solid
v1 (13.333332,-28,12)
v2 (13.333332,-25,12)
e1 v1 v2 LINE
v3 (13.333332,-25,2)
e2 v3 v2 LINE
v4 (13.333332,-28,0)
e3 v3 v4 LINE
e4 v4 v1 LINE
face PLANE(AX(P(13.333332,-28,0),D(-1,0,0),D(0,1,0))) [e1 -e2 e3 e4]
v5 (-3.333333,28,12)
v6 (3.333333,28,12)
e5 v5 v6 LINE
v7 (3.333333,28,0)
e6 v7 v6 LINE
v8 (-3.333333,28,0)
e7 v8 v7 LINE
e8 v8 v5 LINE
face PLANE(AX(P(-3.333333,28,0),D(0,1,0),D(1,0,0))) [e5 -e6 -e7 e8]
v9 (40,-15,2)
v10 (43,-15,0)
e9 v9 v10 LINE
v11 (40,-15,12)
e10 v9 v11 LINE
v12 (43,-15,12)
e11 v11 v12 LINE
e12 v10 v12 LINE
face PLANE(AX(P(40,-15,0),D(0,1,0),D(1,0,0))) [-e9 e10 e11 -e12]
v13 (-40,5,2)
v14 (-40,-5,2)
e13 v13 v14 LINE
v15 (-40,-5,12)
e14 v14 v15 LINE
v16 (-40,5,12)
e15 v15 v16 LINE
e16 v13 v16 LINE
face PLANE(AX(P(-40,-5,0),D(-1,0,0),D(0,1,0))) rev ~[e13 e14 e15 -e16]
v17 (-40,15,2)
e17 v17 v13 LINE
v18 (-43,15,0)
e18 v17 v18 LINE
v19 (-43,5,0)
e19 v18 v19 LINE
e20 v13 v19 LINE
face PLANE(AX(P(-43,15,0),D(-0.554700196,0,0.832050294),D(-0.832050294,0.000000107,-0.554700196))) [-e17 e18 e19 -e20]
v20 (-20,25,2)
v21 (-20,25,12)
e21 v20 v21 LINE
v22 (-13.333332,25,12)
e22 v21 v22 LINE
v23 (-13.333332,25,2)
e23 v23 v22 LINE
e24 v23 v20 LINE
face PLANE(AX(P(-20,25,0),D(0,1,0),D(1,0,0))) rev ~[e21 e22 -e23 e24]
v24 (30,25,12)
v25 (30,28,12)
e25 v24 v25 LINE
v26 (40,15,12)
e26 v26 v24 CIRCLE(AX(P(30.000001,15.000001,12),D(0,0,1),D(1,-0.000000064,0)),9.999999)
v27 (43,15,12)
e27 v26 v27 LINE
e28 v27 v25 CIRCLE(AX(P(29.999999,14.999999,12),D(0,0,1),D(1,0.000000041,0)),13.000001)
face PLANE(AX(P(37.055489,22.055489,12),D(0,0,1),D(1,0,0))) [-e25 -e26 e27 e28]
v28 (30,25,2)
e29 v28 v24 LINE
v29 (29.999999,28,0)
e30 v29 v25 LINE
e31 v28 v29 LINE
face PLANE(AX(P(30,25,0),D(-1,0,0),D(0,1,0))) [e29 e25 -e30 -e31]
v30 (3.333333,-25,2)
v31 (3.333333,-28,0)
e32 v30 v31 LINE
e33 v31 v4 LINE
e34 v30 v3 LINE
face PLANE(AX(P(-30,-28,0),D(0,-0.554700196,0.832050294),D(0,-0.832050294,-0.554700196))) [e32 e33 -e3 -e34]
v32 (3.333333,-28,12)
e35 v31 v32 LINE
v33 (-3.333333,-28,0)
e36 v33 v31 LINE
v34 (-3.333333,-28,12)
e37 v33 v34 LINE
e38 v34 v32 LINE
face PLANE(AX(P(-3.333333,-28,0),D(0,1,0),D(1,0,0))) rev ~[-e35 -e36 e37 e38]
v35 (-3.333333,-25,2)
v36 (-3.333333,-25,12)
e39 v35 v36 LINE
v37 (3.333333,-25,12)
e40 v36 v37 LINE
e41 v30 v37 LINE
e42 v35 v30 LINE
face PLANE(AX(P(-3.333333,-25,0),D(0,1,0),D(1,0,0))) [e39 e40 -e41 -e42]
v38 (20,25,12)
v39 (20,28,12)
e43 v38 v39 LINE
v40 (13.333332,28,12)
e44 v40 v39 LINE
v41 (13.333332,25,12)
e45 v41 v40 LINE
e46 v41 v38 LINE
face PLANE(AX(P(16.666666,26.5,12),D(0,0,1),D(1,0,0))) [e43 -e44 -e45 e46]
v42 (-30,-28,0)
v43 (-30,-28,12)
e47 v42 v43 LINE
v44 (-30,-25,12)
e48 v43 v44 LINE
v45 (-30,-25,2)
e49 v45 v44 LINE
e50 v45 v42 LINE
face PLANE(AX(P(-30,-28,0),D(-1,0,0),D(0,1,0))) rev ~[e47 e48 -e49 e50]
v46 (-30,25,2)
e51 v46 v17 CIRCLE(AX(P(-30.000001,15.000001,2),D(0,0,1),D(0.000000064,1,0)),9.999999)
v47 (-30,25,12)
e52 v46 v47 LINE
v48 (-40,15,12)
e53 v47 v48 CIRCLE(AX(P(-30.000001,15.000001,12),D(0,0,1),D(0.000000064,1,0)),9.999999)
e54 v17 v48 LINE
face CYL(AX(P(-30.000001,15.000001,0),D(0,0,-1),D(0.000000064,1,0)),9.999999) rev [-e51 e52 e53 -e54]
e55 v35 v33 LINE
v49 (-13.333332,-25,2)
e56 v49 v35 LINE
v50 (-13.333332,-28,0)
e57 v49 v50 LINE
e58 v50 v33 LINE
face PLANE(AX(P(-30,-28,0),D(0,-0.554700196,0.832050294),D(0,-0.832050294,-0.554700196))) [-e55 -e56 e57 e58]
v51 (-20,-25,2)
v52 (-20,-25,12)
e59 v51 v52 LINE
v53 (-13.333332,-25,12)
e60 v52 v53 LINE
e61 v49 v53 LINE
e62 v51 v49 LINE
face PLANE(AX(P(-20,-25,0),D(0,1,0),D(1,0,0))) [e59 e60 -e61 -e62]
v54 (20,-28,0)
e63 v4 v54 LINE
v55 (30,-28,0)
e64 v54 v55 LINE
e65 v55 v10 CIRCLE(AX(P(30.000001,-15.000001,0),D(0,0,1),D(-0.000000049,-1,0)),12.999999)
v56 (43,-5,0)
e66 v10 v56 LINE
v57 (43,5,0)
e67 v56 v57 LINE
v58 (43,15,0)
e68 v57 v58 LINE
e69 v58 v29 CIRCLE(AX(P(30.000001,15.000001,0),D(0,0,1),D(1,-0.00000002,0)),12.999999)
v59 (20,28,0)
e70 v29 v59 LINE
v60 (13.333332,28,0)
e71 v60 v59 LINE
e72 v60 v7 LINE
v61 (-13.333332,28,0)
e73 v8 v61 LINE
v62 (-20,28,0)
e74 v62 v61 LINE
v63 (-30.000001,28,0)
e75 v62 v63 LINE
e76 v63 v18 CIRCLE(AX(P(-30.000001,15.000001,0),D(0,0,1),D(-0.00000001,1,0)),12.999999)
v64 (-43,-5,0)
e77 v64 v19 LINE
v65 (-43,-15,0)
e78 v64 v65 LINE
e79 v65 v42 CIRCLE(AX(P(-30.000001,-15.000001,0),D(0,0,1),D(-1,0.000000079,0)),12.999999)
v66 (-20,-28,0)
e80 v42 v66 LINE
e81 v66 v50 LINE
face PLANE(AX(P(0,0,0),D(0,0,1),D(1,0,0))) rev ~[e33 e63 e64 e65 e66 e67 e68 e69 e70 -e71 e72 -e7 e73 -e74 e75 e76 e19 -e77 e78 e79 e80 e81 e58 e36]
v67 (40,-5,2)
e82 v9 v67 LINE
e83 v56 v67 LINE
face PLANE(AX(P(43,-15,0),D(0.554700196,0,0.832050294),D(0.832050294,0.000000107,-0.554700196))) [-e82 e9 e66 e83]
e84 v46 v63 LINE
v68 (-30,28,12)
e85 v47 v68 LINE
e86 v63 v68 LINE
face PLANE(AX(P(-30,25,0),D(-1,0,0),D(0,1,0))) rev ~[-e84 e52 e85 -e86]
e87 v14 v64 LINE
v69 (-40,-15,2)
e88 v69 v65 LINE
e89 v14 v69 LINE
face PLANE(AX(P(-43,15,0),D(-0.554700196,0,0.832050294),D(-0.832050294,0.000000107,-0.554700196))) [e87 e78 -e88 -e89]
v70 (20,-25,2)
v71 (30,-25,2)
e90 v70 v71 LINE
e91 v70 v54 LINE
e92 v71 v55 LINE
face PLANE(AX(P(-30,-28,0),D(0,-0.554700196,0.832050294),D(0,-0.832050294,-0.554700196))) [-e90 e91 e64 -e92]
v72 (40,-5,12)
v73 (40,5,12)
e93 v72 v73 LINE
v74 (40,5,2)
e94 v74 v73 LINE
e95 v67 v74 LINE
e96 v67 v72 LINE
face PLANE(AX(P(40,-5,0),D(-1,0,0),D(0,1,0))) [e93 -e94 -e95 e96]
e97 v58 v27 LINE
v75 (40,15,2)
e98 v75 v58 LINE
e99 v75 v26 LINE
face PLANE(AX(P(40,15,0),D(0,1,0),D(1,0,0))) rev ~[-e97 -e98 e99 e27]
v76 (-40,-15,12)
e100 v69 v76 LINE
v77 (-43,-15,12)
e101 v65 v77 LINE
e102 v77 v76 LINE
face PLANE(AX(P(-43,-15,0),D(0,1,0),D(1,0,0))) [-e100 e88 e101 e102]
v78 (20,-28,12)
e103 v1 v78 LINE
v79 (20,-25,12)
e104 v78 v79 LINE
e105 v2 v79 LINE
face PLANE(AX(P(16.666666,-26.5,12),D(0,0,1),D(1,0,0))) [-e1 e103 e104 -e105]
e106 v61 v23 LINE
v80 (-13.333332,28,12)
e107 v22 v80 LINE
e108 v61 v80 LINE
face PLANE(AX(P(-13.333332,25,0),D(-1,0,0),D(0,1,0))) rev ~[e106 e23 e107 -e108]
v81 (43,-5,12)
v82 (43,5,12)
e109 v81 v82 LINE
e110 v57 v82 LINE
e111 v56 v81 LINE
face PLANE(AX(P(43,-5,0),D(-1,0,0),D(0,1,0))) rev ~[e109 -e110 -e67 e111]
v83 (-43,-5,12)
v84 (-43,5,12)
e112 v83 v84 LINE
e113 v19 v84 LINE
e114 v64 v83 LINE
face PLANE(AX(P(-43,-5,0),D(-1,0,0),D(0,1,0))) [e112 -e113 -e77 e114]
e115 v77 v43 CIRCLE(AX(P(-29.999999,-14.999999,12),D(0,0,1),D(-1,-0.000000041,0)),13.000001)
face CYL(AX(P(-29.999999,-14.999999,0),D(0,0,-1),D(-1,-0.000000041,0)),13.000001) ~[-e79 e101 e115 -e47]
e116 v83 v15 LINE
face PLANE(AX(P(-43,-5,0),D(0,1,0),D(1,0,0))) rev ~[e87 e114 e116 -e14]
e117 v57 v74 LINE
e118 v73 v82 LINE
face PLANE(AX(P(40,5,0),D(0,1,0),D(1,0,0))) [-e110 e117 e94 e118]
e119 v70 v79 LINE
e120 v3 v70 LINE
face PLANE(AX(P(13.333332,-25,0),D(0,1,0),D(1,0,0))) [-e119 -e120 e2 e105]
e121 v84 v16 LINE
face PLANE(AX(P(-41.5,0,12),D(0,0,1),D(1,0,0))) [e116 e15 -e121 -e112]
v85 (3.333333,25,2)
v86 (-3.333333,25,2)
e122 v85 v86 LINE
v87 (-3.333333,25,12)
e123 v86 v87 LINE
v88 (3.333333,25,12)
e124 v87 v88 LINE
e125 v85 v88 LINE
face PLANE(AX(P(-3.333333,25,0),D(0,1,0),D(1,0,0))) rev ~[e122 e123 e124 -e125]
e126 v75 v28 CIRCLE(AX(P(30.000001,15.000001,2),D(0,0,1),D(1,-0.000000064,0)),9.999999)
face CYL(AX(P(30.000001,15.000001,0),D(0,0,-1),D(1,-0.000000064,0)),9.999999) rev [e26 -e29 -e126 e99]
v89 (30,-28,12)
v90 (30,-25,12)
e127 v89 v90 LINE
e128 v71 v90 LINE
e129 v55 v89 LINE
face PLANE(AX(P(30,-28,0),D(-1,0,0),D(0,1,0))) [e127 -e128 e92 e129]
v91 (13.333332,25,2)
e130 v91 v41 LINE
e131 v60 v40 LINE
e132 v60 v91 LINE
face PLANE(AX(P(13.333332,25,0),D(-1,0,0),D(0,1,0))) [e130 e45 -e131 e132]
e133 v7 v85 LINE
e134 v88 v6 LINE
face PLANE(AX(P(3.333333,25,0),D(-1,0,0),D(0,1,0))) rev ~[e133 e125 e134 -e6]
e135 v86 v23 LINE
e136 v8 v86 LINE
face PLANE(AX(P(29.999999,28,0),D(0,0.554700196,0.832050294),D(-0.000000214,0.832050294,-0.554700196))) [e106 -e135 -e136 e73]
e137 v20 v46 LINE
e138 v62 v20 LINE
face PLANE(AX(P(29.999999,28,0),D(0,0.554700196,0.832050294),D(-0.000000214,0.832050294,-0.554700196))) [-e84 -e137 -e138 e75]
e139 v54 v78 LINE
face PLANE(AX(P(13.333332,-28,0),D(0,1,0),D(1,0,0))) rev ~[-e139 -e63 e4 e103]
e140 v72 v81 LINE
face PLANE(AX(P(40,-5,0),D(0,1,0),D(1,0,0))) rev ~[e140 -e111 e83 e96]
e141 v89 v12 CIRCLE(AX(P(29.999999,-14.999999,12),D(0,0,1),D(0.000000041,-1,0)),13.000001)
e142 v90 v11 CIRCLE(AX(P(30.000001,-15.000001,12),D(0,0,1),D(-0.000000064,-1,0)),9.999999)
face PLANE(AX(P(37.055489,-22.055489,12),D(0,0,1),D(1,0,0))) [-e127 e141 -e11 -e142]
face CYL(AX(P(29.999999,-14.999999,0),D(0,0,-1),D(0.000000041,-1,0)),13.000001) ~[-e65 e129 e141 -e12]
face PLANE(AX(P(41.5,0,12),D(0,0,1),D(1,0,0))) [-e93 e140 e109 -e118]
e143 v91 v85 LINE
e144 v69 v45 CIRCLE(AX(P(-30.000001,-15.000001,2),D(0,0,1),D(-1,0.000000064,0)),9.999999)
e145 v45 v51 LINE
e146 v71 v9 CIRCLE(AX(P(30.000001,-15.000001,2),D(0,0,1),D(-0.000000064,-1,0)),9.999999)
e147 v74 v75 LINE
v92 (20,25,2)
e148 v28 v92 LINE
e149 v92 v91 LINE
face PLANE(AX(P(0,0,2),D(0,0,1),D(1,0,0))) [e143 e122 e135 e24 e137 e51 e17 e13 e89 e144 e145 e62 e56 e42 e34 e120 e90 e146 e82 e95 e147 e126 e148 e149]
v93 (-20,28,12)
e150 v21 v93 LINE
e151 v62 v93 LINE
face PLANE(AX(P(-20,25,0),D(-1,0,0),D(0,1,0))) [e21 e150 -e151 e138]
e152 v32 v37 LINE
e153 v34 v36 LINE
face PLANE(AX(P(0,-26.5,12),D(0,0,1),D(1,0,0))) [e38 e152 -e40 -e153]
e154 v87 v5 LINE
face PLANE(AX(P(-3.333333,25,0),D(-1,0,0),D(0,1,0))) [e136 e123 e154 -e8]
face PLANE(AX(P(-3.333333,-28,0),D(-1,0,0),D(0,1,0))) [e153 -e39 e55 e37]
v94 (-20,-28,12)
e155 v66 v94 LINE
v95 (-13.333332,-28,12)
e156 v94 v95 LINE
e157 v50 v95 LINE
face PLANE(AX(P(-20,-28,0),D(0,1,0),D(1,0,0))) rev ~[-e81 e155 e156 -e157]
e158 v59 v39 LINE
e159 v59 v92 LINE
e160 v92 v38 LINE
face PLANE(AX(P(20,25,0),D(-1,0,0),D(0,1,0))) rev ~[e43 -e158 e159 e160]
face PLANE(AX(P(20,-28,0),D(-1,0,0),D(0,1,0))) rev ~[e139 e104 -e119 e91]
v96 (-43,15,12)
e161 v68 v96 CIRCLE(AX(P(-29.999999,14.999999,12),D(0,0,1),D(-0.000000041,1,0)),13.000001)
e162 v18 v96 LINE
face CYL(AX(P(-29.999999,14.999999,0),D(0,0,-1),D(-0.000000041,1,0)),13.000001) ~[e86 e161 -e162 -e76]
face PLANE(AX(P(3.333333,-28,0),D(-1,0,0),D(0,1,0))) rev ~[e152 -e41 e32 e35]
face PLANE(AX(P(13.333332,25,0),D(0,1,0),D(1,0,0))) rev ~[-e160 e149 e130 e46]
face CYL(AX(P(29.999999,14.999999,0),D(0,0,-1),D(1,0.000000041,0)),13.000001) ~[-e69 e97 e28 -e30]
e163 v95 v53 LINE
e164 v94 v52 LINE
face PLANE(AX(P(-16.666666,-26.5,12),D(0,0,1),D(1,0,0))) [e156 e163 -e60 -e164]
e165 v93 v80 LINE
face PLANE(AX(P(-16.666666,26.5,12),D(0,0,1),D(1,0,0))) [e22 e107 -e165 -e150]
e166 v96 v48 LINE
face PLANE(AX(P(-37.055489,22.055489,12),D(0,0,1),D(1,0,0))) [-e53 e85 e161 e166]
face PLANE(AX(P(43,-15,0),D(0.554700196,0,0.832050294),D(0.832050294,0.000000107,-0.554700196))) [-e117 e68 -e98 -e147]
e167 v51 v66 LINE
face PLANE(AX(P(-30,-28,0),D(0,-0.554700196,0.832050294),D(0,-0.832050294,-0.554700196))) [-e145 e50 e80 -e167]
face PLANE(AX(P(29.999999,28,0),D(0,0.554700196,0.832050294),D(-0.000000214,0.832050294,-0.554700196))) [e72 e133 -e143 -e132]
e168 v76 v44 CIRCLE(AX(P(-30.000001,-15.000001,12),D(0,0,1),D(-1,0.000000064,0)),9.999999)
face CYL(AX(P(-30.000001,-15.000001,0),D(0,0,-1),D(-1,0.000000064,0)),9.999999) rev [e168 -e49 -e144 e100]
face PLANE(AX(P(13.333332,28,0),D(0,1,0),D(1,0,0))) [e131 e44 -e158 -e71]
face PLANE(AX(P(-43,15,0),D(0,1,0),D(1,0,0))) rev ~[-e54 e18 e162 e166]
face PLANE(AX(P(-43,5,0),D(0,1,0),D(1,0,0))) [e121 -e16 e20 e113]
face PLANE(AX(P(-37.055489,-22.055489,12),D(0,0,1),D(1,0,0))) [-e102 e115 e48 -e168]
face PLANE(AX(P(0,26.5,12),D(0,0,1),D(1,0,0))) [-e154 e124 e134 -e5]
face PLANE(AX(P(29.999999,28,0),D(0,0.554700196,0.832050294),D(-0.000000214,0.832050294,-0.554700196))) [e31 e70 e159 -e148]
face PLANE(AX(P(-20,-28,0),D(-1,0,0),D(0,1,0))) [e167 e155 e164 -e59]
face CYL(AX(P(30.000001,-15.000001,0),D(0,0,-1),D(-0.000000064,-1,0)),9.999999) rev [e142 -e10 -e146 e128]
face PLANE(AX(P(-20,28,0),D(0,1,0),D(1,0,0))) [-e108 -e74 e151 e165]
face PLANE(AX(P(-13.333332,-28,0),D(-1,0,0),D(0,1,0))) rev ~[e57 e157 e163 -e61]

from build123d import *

# Parameters (mm, degrees)
PAD_DEPTH     = 2
SKETCH003_W   = 6.666667
SKETCH003_H   = 3
SKETCH003_W_2 = 6.666666
SKETCH003_W_3 = 3
SKETCH003_H_2 = 10
PAD001_DEPTH  = 12


with BuildPart() as part:
    # AdditivePipe: sweep along a path in Sketch
    with BuildLine(Plane.XY) as additivepipe_path:
        Line((-40, 15), (-40, -15))
        ThreePointArc((-40, -15), (-37.071068, -22.071068), (-30, -25))
        Line((-30, -25), (30, -25))
        ThreePointArc((30, -25), (37.071068, -22.071068), (40, -15))
        Line((40, -15), (40, 15))
        ThreePointArc((40, 15), (37.071068, 22.071068), (30, 25))
        Line((30, 25), (-30, 25))
        ThreePointArc((-30, 25), (-37.071068, 22.071068), (-40, 15))
    # Sketch002 → AdditivePipe (sweep)
    with BuildSketch(Plane.YZ):
        Polygon((-25, 0), (-28, 0), (-25, 2), align=None)
    sweep(path=additivepipe_path.line)

    # Sketch001 → Pad (new body)
    with BuildSketch(Plane.XY):
        with BuildLine():
            Line((-40, 15), (-40, -15))
            ThreePointArc((-40, -15), (-37.071068, -22.071068), (-30, -25))
            Line((-30, -25), (30, -25))
            ThreePointArc((30, -25), (37.071068, -22.071068), (40, -15))
            Line((40, -15), (40, 15))
            ThreePointArc((40, 15), (37.071068, 22.071068), (30, 25))
            Line((30, 25), (-30, 25))
            ThreePointArc((-30, 25), (-37.071068, 22.071068), (-40, 15))
        make_face()
    extrude(amount=PAD_DEPTH)

    # Sketch003 → Pad001 (join)
    with BuildSketch(Plane.XY):
        with BuildLine():
            ThreePointArc((-30, 28), (-39.192388, 24.192388), (-43, 15))
            Line((-43, 15), (-40, 15))
            ThreePointArc((-30, 25), (-37.071068, 22.071068), (-40, 15))
            Line((-30, 25), (-30, 28))
        make_face()
        with BuildLine():
            ThreePointArc((-43, -15), (-39.192388, -24.192388), (-30, -28))
            Line((-30, -28), (-30, -25))
            ThreePointArc((-40, -15), (-37.071068, -22.071068), (-30, -25))
            Line((-43, -15), (-40, -15))
        make_face()
        with BuildLine():
            ThreePointArc((30, -28), (39.192388, -24.192388), (43, -15))
            Line((40, -15), (43, -15))
            ThreePointArc((30, -25), (37.071068, -22.071068), (40, -15))
            Line((30, -28), (30, -25))
        make_face()
        with BuildLine():
            ThreePointArc((43, 15), (39.192388, 24.192388), (30, 28))
            Line((30, 25), (30, 28))
            ThreePointArc((40, 15), (37.071068, 22.071068), (30, 25))
            Line((40, 15), (43, 15))
        make_face()
        with Locations((16.666666, 26.5)):
            Rectangle(SKETCH003_W, SKETCH003_H)
        with Locations((0, 26.5)):
            Rectangle(SKETCH003_W_2, SKETCH003_H)
        with Locations((-16.666666, 26.5)):
            Rectangle(SKETCH003_W, SKETCH003_H)
        with Locations((-16.666666, -26.5)):
            Rectangle(SKETCH003_W, SKETCH003_H)
        with Locations((0, -26.5)):
            Rectangle(SKETCH003_W_2, SKETCH003_H)
        with Locations((16.666666, -26.5)):
            Rectangle(SKETCH003_W, SKETCH003_H)
        with Locations((-41.5, 0)):
            Rectangle(SKETCH003_W_3, SKETCH003_H_2)
        with Locations((41.5, 0)):
            Rectangle(SKETCH003_W_3, SKETCH003_H_2)
    extrude(amount=PAD001_DEPTH)


solid = part.part
